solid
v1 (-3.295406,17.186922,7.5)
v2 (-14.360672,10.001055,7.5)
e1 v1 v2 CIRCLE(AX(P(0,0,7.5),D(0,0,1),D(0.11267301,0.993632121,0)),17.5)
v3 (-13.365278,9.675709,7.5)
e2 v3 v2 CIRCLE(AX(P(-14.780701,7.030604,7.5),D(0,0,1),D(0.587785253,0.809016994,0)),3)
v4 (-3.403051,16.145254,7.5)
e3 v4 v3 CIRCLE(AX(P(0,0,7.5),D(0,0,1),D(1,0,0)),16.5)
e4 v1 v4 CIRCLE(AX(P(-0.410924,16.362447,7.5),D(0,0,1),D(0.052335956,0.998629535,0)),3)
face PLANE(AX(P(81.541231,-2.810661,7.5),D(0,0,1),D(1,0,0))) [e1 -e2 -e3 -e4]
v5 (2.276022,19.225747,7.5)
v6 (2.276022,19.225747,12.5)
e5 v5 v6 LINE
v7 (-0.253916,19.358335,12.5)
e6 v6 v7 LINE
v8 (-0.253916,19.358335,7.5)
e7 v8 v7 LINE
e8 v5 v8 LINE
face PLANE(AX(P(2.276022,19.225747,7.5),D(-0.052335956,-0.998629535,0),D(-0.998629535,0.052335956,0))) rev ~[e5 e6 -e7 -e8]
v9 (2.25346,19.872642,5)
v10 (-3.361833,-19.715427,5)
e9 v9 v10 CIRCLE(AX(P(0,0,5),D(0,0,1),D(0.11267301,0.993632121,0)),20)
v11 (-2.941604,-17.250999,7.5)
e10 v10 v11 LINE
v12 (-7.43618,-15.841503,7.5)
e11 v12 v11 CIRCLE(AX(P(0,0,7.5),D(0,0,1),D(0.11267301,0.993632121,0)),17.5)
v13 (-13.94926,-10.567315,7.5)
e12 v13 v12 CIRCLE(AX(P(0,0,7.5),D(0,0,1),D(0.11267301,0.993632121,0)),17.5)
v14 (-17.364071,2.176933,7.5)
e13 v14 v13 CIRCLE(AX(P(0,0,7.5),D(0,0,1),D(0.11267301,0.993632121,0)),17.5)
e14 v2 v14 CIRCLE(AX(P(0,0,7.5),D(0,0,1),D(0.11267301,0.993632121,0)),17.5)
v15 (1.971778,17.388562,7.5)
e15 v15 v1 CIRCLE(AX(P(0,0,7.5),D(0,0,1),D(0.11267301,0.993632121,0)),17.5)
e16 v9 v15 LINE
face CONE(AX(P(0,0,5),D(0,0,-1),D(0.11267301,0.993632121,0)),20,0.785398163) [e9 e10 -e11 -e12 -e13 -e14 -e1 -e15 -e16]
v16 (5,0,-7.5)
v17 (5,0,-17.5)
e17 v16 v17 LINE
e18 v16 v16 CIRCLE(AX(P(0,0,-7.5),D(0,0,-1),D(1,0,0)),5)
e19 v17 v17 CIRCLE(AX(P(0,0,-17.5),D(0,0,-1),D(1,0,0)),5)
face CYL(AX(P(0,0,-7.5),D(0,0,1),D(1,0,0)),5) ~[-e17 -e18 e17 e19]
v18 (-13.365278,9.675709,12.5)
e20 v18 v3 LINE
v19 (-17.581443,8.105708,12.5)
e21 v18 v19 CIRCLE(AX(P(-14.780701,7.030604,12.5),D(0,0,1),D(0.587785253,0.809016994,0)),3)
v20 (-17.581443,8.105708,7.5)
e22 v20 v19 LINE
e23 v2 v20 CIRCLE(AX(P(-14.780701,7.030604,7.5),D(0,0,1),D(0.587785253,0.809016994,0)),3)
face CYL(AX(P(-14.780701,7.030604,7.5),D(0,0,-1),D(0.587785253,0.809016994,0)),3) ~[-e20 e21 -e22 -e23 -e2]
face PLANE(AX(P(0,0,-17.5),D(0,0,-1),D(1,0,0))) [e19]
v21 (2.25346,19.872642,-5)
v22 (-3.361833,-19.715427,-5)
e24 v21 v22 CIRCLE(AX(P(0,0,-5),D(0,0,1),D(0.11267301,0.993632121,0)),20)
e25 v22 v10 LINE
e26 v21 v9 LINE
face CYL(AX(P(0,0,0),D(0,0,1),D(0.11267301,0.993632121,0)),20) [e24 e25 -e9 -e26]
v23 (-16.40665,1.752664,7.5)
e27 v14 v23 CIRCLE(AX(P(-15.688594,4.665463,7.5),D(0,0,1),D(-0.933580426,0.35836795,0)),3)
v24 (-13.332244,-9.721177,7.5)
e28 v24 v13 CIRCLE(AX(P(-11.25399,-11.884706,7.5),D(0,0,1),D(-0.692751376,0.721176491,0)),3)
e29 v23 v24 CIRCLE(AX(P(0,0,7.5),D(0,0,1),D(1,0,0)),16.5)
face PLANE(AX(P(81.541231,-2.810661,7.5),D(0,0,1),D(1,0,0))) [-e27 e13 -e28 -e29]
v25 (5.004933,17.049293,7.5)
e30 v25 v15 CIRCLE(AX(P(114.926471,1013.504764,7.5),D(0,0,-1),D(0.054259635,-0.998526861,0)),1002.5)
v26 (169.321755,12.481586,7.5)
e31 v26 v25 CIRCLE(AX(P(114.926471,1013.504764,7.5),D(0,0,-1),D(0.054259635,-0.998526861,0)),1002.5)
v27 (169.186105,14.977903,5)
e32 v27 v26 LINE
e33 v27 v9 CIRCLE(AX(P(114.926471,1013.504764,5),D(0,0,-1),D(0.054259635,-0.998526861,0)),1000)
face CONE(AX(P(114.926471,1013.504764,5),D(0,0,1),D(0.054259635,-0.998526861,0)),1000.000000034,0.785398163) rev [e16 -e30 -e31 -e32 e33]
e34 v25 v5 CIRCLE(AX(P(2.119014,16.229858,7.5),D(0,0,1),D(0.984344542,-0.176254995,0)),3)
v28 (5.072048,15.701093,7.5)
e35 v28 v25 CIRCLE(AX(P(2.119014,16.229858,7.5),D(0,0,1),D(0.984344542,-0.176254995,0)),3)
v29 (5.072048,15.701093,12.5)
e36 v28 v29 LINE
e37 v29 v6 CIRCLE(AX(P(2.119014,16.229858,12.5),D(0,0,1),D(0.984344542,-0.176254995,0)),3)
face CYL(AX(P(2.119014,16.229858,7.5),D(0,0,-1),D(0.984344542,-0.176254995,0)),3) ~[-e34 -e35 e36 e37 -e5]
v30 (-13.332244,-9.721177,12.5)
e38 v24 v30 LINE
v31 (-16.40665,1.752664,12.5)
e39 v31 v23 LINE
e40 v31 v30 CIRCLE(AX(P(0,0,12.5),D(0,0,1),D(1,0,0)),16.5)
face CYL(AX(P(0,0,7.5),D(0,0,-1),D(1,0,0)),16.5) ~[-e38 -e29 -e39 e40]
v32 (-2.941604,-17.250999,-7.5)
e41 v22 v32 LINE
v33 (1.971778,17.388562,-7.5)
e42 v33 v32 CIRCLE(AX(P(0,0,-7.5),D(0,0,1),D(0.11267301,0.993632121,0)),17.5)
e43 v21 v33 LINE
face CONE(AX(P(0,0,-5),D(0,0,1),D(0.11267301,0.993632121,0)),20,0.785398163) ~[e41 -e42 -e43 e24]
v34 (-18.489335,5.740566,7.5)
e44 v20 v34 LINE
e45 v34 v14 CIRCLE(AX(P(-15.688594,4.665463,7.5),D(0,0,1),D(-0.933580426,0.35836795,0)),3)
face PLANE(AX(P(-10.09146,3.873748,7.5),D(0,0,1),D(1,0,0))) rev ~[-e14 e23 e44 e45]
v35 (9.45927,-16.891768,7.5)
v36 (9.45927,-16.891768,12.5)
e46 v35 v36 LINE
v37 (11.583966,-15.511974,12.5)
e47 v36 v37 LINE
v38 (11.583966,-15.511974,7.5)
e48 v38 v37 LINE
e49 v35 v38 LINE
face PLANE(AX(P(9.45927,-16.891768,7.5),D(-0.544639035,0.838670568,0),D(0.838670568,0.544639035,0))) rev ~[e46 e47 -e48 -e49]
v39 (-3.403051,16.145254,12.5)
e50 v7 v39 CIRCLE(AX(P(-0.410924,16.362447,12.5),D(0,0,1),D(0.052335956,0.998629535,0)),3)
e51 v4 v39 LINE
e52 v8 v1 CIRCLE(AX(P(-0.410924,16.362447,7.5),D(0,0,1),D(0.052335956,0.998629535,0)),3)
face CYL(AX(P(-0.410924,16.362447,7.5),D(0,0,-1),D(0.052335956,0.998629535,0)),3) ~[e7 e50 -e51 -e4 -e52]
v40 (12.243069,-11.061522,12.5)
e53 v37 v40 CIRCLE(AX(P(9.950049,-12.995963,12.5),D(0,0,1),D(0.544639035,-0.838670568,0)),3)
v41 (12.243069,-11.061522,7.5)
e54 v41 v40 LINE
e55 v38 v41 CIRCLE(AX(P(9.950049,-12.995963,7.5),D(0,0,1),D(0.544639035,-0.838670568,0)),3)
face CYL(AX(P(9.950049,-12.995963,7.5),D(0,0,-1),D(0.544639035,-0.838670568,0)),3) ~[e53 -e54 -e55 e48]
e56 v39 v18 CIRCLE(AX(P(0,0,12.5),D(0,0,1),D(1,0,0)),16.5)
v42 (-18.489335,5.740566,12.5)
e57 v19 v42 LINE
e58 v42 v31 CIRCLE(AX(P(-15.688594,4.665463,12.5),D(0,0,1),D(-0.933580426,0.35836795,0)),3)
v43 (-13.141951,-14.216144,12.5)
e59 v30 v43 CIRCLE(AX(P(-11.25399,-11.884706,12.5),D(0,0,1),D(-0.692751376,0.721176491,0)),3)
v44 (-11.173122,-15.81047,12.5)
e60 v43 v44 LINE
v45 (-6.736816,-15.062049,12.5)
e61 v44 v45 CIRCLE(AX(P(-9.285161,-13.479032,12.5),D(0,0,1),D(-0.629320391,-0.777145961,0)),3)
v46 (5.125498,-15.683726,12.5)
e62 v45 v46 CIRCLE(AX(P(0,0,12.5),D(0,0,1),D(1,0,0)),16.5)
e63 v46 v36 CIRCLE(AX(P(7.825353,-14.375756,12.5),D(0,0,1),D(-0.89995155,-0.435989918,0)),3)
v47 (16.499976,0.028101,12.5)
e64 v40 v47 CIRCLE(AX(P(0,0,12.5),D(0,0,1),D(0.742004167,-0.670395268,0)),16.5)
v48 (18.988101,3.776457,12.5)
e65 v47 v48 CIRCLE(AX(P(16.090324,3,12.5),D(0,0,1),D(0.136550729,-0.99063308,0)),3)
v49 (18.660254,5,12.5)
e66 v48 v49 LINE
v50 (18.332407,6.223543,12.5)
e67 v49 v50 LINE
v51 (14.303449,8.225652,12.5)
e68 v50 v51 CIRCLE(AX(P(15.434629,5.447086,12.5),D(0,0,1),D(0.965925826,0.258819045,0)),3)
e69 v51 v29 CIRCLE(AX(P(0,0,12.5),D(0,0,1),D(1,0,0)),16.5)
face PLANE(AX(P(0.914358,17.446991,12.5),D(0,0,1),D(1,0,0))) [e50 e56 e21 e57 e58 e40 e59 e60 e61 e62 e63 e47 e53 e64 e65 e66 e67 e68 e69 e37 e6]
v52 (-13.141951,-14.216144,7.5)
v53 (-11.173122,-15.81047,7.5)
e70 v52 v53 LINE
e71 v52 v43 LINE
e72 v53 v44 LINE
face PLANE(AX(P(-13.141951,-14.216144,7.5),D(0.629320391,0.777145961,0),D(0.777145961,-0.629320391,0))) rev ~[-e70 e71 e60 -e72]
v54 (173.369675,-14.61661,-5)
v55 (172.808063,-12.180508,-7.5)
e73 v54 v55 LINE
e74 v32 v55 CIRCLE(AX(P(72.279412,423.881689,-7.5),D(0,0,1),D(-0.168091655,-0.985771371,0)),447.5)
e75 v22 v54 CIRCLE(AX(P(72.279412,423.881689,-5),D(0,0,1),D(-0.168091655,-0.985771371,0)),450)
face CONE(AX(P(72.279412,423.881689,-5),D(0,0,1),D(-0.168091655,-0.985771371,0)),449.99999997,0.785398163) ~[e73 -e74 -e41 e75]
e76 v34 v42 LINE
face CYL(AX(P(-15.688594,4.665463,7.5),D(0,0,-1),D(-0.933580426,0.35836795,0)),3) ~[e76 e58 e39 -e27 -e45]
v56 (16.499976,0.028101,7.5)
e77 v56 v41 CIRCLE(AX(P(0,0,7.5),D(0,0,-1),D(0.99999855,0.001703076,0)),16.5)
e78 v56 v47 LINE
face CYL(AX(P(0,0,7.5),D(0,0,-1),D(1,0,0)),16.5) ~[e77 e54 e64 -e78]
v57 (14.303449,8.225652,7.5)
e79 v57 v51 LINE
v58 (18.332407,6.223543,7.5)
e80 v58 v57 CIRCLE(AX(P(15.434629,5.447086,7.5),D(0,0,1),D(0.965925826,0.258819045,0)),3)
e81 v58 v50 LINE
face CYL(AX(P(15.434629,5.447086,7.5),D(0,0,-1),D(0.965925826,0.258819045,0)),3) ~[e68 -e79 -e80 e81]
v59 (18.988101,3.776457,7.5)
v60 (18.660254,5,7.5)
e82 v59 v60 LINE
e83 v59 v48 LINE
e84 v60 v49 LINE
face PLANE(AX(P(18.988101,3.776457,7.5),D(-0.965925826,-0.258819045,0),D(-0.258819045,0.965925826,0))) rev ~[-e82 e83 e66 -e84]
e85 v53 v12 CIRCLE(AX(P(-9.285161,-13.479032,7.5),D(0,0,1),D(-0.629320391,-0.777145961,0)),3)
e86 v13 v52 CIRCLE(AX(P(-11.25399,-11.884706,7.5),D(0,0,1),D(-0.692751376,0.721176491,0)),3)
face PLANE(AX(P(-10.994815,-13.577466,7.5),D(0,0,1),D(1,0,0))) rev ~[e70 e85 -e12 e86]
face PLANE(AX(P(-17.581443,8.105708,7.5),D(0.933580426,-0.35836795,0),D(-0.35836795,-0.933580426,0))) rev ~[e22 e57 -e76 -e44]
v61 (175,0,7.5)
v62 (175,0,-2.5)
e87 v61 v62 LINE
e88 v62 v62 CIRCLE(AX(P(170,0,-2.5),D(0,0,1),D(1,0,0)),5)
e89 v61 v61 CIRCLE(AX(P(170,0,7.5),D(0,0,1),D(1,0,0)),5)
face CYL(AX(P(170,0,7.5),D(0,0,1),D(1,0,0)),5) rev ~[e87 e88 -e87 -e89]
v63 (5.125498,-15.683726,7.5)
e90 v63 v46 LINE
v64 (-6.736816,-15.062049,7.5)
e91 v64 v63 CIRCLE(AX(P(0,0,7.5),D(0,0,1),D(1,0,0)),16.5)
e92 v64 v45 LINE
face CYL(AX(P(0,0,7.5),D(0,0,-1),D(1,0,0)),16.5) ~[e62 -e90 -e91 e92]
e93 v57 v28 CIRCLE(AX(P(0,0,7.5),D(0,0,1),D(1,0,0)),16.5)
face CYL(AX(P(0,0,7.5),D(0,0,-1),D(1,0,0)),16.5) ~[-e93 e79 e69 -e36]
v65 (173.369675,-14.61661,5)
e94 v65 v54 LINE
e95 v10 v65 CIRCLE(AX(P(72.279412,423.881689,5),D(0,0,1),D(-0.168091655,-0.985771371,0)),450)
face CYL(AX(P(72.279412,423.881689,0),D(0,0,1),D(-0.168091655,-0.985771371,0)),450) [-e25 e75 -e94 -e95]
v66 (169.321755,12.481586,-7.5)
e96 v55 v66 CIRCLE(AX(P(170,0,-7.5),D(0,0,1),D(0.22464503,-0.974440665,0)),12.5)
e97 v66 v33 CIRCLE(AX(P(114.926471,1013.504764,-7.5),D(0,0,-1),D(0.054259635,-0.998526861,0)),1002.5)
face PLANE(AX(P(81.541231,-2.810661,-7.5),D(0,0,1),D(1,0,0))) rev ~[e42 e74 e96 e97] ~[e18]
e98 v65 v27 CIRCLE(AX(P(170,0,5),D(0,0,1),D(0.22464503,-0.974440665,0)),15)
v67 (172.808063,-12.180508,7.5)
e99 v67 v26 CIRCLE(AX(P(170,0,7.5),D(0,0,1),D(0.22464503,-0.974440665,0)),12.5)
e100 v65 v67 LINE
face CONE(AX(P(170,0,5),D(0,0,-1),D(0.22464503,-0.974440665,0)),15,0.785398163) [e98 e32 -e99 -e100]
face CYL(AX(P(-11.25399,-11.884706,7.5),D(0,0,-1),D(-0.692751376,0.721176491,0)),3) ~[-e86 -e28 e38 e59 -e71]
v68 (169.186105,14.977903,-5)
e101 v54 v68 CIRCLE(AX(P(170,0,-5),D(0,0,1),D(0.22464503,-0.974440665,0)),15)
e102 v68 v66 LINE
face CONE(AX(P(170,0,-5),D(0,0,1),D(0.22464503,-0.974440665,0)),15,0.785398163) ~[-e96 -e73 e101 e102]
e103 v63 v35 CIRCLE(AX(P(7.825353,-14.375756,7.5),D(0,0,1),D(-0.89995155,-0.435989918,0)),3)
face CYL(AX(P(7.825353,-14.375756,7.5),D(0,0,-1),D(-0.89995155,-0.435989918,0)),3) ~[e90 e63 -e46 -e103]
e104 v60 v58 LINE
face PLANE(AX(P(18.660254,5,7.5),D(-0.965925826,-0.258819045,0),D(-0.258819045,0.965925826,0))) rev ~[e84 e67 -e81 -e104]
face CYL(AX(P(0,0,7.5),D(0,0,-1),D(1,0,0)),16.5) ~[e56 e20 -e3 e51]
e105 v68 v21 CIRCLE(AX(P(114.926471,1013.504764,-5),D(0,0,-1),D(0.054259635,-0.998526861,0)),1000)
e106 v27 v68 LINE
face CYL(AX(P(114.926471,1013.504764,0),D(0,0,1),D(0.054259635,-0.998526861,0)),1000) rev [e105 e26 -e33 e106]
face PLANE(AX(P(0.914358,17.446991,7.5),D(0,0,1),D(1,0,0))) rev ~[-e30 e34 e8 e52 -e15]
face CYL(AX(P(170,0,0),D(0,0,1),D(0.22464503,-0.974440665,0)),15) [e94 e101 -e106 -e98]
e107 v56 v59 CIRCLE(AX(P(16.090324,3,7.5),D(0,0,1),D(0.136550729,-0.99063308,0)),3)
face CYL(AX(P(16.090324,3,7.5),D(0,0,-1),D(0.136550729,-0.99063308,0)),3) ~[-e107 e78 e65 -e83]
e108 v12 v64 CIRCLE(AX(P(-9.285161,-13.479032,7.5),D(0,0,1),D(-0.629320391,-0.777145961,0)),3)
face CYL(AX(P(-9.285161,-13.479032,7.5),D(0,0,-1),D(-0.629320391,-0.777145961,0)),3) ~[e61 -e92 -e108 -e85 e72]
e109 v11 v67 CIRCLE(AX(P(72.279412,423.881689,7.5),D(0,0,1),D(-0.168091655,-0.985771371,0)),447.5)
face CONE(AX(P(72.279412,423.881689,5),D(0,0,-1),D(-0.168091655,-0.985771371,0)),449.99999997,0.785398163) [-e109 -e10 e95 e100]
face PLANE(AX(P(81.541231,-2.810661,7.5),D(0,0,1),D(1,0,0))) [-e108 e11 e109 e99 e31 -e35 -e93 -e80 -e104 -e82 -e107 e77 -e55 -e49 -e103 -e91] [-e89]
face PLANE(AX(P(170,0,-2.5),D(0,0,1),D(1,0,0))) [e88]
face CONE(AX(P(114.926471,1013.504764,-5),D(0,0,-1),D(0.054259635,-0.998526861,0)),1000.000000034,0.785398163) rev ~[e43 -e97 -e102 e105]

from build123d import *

# Parameters (mm, degrees)
BOSS_EXTRUDE1_DEPTH = 7.5
CHAMFER1_SIZE       = 2.5
SKETCH2_R           = 16.5
BOSS_EXTRUDE2_DEPTH = 5
BOSS_EXTRUDE3_START = -5
BOSS_EXTRUDE3_DEPTH = 5
SKETCH4_R           = 5
CUT_EXTRUDE1_DEPTH  = 10
SKETCH5_R           = 5
BOSS_EXTRUDE4_DEPTH = 10


with BuildPart() as part:
    # Sketch1 → Boss-Extrude1 (new, symmetric)
    with BuildSketch(Plane.XY):
        with BuildLine():
            ThreePointArc((169.186105477, 14.977902914), (85.617423728, 13.934366249), (2.253460208, 19.872642429))
            ThreePointArc((2.253460208, 19.872642429), (-19.801791361, 2.808746854), (-3.361833105, -19.715427415))
            ThreePointArc((-3.361833105, -19.715427415), (85.256800738, -25.931146508), (173.369675456, -14.61660998))
            ThreePointArc((173.369675456, -14.61660998), (184.852333231, 2.099570811), (169.186105477, 14.977902914))
        make_face()
    extrude(amount=BOSS_EXTRUDE1_DEPTH, both=True)

    # Chamfer1
    chamfer1_edges = [part.edges().sort_by_distance(p)[0] for p in [
        (85.617423728, 13.934366249, 7.5),
        (184.852333231, 2.099570811, 7.5),
        (184.852333231, 2.099570811, -7.5),
        (-19.801791361, 2.808746854, 7.5),
        (85.256800738, -25.931146508, 7.5),
        (-19.801791361, 2.808746854, -7.5),
        (85.617423728, 13.934366249, -7.5),
        (85.256800738, -25.931146508, -7.5),
    ]]
    chamfer(chamfer1_edges, length=CHAMFER1_SIZE)

    # Sketch2 → Boss-Extrude2 (add)
    with BuildSketch(Plane.XY.offset(7.5)):
        Circle(SKETCH2_R)
    extrude(amount=BOSS_EXTRUDE2_DEPTH)

    # Sketch3 → Boss-Extrude3 (add)
    with BuildSketch(Plane.XY.offset(12.5).offset(BOSS_EXTRUDE3_START)):
        with BuildLine():
            ThreePointArc((-0.253915773, 19.358335376), (-2.55345676, 18.462340064), (-3.403051231, 16.145254483))
            ThreePointArc((-3.403051231, 16.145254483), (0.863543278, 16.477387323), (5.0720476, 15.701093374))
            ThreePointArc((5.0720476, 15.701093374), (4.469308692, 18.094292522), (2.276021844, 19.225746964))
            Line((2.276021844, 19.225746964), (-0.253915773, 19.358335376))
        make_face()
        with BuildLine():
            ThreePointArc((14.30344882, 8.225652062), (15.249383609, 6.301293481), (15.937776134, 4.270514244))
            Line((15.937776134, 4.270514244), (18.660254038, 5))
            Line((18.660254038, 5), (18.332406715, 6.223542865))
            ThreePointArc((18.332406715, 6.223542865), (16.76966729, 8.133658527), (14.30344882, 8.225652062))
        make_face()
        with BuildLine():
            Line((18.660254038, 5), (15.937776134, 4.270514244))
            ThreePointArc((15.937776134, 4.270514244), (16.357000338, 2.167611574), (16.499976071, 0.028100762))
            ThreePointArc((16.499976071, 0.028100762), (18.58978715, 1.340878735), (18.98810136, 3.776457135))
            Line((18.98810136, 3.776457135), (18.660254038, 5))
        make_face()
        with BuildLine():
            ThreePointArc((11.583966219, -15.511974356), (12.917681126, -13.435462641), (12.243068758, -11.061521929))
            ThreePointArc((12.243068758, -11.061521929), (8.986544078, -13.838064371), (5.125498425, -15.683726148))
            ThreePointArc((5.125498425, -15.683726148), (7.01981161, -17.265583889), (9.459270178, -16.891768097))
            Line((9.459270178, -16.891768097), (11.583966219, -15.511974356))
        make_face()
        with BuildLine():
            ThreePointArc((-11.173121868, -15.810470249), (-8.786101299, -16.437231094), (-6.736816201, -15.062048582))
            ThreePointArc((-6.736816201, -15.062048582), (-10.383786452, -12.822908364), (-13.332243835, -9.721176591))
            ThreePointArc((-13.332243835, -9.721176591), (-14.25130498, -12.011596414), (-13.141950881, -14.21614395))
            Line((-13.141950881, -14.21614395), (-11.173121868, -15.810470249))
        make_face()
        with BuildLine():
            Line((0, 0), (-13.017345465, 9.457655082))
            ThreePointArc((-13.017345465, 9.457655082), (-15.632747256, 9.907063304), (-17.581442501, 8.105707948))
            Line((-17.581442501, 8.105707948), (-18.489335293, 5.740566364))
            ThreePointArc((-18.489335293, 5.740566364), (-18.246514507, 3.097966821), (-16.002179404, 1.681896829))
            Line((-16.002179404, 1.681896829), (0, 0))
        make_face()
    extrude(amount=BOSS_EXTRUDE3_DEPTH)

    # Sketch4 → Cut-Extrude1 (cut)
    with BuildSketch(Plane.XY.offset(7.5)):
        with Locations((170, 0)):
            Circle(SKETCH4_R)
    extrude(amount=-CUT_EXTRUDE1_DEPTH, mode=Mode.SUBTRACT)

    # Sketch5 → Boss-Extrude4 (add)
    with BuildSketch(Plane(origin=(0, 0, -7.5), x_dir=(-1, 0, 0), z_dir=(0, 0, -1))):
        with Locations(Location((0, 0, 0), (0, 0, 180))):
            Circle(SKETCH5_R)
    extrude(amount=BOSS_EXTRUDE4_DEPTH)


solid = part.part
